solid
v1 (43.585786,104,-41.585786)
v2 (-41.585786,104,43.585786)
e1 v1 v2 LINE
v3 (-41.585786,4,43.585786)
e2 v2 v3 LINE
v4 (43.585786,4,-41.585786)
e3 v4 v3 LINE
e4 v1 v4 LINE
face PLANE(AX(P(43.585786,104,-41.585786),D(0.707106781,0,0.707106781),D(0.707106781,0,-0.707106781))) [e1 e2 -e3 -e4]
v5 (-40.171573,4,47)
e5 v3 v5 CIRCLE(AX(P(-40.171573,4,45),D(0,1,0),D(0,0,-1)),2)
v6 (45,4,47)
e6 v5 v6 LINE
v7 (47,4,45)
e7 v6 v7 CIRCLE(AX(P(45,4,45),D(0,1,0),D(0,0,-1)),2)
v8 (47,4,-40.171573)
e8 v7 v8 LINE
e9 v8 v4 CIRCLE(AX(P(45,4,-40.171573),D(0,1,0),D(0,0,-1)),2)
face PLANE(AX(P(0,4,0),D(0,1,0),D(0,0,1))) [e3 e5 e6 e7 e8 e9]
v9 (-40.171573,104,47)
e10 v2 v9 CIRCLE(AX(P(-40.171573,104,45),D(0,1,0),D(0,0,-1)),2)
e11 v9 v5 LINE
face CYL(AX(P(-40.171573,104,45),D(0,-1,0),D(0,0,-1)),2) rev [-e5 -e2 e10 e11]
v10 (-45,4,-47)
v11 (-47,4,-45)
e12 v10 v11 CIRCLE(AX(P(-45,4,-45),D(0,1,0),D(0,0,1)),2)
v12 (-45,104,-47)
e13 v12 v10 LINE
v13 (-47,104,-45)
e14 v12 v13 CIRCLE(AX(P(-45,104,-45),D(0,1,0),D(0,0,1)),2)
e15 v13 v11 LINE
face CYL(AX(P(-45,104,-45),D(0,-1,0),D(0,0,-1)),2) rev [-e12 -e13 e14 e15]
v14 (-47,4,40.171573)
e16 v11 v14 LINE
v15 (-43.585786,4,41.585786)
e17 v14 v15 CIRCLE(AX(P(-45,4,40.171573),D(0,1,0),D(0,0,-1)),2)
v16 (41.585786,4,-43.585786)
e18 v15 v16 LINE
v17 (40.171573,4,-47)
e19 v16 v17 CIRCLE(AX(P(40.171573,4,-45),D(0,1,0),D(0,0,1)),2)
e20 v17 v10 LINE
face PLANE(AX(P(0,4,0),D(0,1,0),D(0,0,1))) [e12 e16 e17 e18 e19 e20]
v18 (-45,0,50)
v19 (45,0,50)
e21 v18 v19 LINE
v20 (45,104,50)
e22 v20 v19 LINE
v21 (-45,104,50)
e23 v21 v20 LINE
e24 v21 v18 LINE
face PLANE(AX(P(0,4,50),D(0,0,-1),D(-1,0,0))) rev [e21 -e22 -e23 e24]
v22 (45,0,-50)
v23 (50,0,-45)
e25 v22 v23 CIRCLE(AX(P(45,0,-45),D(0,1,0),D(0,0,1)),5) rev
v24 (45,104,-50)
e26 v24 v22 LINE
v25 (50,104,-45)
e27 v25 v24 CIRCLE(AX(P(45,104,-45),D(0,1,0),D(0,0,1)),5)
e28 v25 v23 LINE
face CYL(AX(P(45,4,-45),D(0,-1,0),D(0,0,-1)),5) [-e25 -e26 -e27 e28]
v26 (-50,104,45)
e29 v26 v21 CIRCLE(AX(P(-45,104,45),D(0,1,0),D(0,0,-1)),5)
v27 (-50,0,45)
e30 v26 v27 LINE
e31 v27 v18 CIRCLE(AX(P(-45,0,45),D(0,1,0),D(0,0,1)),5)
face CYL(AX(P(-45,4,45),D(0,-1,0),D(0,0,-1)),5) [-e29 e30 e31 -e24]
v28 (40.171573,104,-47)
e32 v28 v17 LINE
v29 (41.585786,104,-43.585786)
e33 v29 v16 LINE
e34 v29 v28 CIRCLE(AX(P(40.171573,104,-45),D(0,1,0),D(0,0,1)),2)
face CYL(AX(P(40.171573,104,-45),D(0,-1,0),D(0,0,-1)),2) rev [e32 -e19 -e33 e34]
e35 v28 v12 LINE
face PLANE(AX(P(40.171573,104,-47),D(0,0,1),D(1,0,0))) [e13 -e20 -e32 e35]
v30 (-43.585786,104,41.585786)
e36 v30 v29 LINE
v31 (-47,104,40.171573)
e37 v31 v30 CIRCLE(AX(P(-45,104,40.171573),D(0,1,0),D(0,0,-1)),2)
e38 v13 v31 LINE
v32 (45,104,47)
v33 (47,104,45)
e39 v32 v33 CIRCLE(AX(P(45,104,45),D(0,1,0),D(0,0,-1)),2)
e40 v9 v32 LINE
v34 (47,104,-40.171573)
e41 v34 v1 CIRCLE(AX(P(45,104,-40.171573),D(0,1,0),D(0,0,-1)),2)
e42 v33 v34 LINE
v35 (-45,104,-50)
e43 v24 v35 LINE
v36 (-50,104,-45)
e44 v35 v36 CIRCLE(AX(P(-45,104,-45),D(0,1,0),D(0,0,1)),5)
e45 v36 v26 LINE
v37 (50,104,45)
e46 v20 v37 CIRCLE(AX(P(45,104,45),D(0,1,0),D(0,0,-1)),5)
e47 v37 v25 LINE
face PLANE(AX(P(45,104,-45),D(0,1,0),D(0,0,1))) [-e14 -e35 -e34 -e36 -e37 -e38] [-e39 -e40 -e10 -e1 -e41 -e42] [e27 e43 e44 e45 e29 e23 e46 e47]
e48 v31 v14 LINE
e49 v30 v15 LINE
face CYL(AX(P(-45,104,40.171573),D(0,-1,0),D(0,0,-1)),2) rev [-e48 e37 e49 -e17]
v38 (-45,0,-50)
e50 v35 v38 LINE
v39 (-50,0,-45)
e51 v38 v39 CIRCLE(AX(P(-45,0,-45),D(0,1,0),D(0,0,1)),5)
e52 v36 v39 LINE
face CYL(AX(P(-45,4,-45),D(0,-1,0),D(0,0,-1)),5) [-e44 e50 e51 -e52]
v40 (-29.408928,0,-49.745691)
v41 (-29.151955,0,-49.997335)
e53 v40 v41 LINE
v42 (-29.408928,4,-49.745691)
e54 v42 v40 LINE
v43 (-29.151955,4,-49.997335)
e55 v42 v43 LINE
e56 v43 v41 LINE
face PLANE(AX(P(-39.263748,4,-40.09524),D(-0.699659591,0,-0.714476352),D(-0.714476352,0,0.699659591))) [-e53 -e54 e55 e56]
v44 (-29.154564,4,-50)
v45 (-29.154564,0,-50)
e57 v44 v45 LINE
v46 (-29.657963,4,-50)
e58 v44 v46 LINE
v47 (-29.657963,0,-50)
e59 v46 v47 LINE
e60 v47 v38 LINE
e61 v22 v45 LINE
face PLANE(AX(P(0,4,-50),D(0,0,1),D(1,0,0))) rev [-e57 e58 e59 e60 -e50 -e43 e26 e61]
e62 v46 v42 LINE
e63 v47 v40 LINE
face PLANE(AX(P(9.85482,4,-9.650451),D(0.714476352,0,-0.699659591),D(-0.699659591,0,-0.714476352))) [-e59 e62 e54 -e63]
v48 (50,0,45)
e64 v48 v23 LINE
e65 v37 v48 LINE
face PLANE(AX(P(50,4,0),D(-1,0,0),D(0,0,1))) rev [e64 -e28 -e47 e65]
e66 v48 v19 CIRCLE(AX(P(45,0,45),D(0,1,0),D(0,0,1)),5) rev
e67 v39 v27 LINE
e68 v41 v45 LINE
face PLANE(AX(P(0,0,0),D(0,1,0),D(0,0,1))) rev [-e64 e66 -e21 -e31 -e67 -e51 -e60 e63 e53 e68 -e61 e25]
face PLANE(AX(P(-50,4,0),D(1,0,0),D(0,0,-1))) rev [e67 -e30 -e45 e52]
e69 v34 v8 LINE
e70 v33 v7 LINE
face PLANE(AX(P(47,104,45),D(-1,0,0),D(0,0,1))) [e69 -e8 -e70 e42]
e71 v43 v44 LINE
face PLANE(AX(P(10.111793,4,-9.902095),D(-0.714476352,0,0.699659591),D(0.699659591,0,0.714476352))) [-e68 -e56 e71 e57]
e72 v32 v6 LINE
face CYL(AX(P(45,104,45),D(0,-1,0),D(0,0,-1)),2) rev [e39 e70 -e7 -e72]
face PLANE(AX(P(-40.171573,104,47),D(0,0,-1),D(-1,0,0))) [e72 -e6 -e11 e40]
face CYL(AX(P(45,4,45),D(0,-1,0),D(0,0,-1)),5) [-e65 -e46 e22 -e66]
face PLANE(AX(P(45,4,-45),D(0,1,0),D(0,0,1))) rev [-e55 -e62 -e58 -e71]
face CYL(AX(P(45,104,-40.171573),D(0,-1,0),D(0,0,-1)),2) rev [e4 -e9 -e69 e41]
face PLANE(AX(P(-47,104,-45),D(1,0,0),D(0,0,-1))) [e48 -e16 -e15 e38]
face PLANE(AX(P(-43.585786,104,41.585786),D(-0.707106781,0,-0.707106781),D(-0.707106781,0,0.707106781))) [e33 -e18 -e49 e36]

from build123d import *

# Parameters (mm, degrees)
EXTRUDE_1_DEPTH = 4
EXTRUDE_3_DEPTH = 100


with BuildPart() as part:
    # 草图1 → 凸台-拉伸1 (new body)
    with BuildSketch(Plane(origin=(0, 0, 0), x_dir=(1, 0, 0), z_dir=(0, 1, 0))):
        with BuildLine():
            ThreePointArc((50, 45), (48.535533906, 48.535533906), (45, 50))
            Line((45, 50), (-29.154564109, 50))
            Line((-29.154564109, 50), (-29.151954818, 49.997335451))
            Line((-29.151954818, 49.997335451), (-29.408928245, 49.745691122))
            Line((-29.408928245, 49.745691122), (-29.657963283, 50))
            Line((-29.657963283, 50), (-45, 50))
            ThreePointArc((-45, 50), (-48.535533906, 48.535533906), (-50, 45))
            Line((-50, 45), (-50, -45))
            ThreePointArc((-50, -45), (-48.535533906, -48.535533906), (-45, -50))
            Line((-45, -50), (45, -50))
            ThreePointArc((45, -50), (48.535533906, -48.535533906), (50, -45))
            Line((50, -45), (50, 45))
        make_face()
    extrude(amount=EXTRUDE_1_DEPTH)

    # 草图2 → 凸台-拉伸3 (add)
    with BuildSketch(Plane(origin=(0, 4, 0), x_dir=(1, 0, 0), z_dir=(0, 1, 0))):
        with BuildLine():
            Line((45, 50), (-45, 50))
            ThreePointArc((-45, 50), (-48.535533906, 48.535533906), (-50, 45))
            Line((-50, 45), (-50, -45))
            ThreePointArc((-50, -45), (-48.535533906, -48.535533906), (-45, -50))
            Line((-45, -50), (45, -50))
            ThreePointArc((45, -50), (48.535533906, -48.535533906), (50, -45))
            Line((50, -45), (50, 45))
            ThreePointArc((50, 45), (48.535533906, 48.535533906), (45, 50))
        make_face()
        with BuildLine():
            Line((-47, 45), (-47, -40.171572875))
            ThreePointArc((-47, -40.171572875), (-45.765366865, -42.01933194), (-43.585786438, -41.585786438))
            Line((-43.585786438, -41.585786438), (41.585786438, 43.585786438))
            ThreePointArc((41.585786438, 43.585786438), (42.01933194, 45.765366865), (40.171572875, 47))
            Line((40.171572875, 47), (-45, 47))
            ThreePointArc((-45, 47), (-46.414213562, 46.414213562), (-47, 45))
        make_face(mode=Mode.SUBTRACT)
        with BuildLine():
            Line((-40.171572875, -47), (45, -47))
            ThreePointArc((45, -47), (46.414213562, -46.414213562), (47, -45))
            Line((47, -45), (47, 40.171572875))
            ThreePointArc((47, 40.171572875), (45.765366865, 42.01933194), (43.585786438, 41.585786438))
            Line((43.585786438, 41.585786438), (-41.585786438, -43.585786438))
            ThreePointArc((-41.585786438, -43.585786438), (-42.01933194, -45.765366865), (-40.171572875, -47))
        make_face(mode=Mode.SUBTRACT)
    extrude(amount=EXTRUDE_3_DEPTH)


solid = part.part
